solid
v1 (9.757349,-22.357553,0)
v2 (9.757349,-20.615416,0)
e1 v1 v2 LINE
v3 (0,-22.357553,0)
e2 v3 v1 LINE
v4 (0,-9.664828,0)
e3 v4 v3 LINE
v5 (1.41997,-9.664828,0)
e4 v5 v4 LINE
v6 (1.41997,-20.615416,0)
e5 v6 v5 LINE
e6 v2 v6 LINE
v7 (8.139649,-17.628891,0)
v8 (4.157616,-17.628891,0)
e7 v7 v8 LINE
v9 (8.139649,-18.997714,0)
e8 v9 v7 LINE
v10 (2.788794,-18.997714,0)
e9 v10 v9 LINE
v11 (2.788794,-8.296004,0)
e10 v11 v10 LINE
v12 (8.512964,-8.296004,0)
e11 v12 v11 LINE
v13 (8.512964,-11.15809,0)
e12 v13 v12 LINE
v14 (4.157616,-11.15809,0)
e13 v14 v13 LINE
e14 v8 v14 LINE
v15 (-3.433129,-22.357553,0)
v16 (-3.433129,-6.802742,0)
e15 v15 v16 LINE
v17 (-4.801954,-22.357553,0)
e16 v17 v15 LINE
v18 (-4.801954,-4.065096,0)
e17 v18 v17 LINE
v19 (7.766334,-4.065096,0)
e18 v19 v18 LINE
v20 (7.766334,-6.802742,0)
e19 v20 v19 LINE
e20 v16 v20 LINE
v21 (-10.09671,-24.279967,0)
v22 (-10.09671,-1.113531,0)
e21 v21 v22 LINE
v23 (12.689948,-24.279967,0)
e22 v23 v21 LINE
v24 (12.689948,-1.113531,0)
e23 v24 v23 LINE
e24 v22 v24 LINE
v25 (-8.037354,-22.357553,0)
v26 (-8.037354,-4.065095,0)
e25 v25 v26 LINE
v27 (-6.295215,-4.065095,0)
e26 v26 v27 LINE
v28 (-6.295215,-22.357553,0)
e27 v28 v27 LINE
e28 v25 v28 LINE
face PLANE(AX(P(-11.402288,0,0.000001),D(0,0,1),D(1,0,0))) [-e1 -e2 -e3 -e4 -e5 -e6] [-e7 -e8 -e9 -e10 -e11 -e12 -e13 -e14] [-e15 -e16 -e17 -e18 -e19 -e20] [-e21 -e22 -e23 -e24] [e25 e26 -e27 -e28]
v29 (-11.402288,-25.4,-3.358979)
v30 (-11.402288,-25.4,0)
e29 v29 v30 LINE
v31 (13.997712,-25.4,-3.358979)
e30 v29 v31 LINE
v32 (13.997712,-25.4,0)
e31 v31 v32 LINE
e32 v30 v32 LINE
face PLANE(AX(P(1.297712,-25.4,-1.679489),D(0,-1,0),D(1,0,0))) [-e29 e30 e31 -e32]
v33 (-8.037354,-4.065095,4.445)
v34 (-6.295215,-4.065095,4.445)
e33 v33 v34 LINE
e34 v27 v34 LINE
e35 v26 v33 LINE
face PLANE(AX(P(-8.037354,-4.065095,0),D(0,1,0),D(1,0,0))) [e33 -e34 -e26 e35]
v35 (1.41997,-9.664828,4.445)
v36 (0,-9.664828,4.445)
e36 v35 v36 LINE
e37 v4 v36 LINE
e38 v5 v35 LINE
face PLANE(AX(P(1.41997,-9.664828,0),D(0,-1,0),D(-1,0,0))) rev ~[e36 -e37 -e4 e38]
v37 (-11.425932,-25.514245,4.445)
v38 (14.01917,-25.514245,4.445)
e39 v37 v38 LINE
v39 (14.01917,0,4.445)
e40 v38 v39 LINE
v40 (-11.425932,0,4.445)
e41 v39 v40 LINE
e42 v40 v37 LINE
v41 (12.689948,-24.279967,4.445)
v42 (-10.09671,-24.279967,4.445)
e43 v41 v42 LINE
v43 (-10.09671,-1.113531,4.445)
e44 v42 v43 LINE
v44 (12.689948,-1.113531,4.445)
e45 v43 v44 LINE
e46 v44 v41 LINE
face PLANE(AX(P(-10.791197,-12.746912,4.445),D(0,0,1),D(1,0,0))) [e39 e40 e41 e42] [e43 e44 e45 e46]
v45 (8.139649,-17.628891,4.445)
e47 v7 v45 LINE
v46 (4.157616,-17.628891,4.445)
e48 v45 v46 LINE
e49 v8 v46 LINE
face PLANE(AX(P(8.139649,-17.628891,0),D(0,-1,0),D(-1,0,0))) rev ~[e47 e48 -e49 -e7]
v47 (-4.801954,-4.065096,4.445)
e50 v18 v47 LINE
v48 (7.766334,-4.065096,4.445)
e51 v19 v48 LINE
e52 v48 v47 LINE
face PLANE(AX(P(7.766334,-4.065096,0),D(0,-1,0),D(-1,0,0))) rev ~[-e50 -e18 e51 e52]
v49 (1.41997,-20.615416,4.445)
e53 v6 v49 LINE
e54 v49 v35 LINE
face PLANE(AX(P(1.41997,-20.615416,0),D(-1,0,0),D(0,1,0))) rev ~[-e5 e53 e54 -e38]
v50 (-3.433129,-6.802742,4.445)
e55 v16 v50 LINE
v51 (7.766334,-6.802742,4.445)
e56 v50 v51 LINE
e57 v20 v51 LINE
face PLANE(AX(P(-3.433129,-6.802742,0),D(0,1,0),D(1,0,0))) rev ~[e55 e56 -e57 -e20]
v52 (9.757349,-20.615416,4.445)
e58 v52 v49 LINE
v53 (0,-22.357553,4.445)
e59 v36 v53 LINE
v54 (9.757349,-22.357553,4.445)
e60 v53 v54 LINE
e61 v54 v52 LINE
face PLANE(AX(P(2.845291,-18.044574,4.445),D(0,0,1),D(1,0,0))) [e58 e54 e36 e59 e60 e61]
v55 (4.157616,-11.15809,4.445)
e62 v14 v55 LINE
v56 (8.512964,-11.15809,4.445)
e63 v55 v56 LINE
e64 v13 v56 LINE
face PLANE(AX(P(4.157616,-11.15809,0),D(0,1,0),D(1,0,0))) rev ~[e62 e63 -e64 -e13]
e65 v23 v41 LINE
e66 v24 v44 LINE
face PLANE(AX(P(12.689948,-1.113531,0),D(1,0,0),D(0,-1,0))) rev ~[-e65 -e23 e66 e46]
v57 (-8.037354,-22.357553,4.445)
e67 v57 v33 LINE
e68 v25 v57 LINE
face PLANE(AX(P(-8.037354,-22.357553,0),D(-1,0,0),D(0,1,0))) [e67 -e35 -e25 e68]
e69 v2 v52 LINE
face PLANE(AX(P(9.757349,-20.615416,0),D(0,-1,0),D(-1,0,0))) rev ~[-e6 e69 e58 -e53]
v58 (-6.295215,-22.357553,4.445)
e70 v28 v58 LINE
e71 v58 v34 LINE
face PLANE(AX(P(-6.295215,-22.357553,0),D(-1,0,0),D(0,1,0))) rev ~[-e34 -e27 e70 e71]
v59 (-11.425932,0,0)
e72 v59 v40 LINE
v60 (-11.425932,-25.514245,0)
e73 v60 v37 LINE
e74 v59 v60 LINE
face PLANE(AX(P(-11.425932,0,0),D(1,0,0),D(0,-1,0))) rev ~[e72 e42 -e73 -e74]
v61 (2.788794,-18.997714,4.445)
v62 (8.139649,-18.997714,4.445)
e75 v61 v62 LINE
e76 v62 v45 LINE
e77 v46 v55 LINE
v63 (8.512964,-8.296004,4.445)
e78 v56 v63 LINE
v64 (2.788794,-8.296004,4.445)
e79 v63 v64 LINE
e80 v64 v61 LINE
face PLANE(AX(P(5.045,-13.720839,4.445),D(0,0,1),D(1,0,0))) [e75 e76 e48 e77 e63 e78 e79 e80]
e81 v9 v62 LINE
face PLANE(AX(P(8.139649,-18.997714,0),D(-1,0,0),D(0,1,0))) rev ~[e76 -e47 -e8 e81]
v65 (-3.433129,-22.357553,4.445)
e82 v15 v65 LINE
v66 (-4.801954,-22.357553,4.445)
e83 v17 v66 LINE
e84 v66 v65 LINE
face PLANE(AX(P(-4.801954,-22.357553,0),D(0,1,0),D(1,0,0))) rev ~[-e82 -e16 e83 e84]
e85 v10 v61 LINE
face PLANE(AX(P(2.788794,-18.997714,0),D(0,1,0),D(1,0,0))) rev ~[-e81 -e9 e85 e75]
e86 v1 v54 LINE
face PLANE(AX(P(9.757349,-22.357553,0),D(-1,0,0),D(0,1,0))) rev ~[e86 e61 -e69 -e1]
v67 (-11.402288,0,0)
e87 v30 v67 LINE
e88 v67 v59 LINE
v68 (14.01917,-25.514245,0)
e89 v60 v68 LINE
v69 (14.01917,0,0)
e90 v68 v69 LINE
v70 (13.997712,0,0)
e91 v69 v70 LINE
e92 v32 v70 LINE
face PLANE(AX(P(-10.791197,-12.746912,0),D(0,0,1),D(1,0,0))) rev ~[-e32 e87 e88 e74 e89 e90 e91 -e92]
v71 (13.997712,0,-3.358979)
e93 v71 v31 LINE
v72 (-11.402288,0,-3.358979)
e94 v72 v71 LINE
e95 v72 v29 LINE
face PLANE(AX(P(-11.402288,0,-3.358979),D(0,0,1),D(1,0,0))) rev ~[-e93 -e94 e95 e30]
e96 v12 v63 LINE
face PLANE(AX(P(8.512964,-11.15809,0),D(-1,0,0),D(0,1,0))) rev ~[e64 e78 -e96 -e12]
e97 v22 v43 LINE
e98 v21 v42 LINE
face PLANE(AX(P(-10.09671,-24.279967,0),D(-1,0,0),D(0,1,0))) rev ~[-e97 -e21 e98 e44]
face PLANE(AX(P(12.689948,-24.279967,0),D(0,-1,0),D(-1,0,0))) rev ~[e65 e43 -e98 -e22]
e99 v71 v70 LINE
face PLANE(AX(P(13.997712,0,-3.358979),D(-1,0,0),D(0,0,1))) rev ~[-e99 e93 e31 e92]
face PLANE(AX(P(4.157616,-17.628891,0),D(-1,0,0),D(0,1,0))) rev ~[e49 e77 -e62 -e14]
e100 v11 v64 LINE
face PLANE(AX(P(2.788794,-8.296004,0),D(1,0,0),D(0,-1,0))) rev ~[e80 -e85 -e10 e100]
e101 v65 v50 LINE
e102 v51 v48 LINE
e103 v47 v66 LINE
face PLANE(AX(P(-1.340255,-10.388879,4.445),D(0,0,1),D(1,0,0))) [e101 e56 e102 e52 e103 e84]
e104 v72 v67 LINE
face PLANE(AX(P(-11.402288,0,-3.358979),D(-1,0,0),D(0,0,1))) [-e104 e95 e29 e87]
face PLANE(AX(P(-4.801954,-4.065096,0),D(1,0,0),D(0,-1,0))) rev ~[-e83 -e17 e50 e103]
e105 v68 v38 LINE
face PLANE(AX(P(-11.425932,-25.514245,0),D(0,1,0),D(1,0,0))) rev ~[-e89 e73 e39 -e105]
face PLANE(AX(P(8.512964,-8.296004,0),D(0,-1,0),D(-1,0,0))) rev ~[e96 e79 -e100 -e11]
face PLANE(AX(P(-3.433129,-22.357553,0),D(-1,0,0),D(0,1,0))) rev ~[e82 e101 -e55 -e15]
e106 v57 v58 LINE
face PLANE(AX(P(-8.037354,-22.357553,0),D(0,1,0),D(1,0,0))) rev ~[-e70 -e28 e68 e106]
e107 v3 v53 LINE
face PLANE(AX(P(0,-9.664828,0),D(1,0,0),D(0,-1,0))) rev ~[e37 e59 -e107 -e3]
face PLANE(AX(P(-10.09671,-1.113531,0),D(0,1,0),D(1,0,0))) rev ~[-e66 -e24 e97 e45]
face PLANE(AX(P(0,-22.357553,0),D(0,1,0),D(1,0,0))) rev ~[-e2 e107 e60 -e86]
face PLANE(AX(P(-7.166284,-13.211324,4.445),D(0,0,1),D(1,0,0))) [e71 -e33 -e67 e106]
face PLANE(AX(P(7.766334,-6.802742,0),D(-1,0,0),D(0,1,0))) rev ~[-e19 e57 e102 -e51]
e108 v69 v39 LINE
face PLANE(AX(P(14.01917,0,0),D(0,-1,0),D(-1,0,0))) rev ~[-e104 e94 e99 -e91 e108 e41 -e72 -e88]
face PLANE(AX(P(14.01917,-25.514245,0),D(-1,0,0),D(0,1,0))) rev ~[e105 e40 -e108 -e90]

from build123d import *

# Parameters (mm, degrees)
F0_W     = 25.4
F0_H     = 3.358979
F1_DEPTH = 25.4
F3_DEPTH = 4.445
F4_W     = 1.742139
F4_H     = 18.292457
F5_DEPTH = 4.445


with BuildPart() as f1:
    # F0 (on Front) → F1 (new body)
    with BuildSketch(Plane.XZ):
        with Locations((1.297712, -1.679489)):
            Rectangle(F0_W, F0_H)
    extrude(amount=F1_DEPTH)

    # F2 (on Top) → F3 (join)
    with BuildSketch(Plane.XY):
        Polygon((-10.09671, -1.113531), (-11.425932, 0), (-11.425932, -25.514245), (-10.09671, -24.279967), align=None)
        Polygon((14.01917, 0), (-11.425932, 0), (-10.09671, -1.113531), (12.689948, -1.113531), align=None)
        Polygon((14.01917, -25.514245), (14.01917, 0), (12.689948, -1.113531), (12.689948, -24.279967), align=None)
        Polygon((-10.09671, -24.279967), (-11.425932, -25.514245), (14.01917, -25.514245), (12.689948, -24.279967), align=None)
    extrude(amount=F3_DEPTH)

    # F4 (on Top) → F5 (join)
    with BuildSketch(Plane.XY):
        with Locations((-7.166284, -13.211324)):
            Rectangle(F4_W, F4_H)
        Polygon((7.766334, -4.065096), (0, -4.065096), (-4.801954, -4.065096), (-4.801954, -22.357553), (-3.433129, -22.357553), (-3.433129, -6.802742), (7.766334, -6.802742), align=None)
        Polygon((1.41997, -9.664828), (0, -9.664828), (0, -22.357553), (9.757349, -22.357553), (9.757349, -20.615416), (1.41997, -20.615416), align=None)
        Polygon((8.512964, -11.15809), (8.512964, -8.296004), (2.788794, -8.296004), (2.788794, -18.997714), (8.139649, -18.997714), (8.139649, -17.628891), (4.157616, -17.628891), (4.157616, -11.15809), align=None)
    extrude(amount=F5_DEPTH)


solid = f1.part
